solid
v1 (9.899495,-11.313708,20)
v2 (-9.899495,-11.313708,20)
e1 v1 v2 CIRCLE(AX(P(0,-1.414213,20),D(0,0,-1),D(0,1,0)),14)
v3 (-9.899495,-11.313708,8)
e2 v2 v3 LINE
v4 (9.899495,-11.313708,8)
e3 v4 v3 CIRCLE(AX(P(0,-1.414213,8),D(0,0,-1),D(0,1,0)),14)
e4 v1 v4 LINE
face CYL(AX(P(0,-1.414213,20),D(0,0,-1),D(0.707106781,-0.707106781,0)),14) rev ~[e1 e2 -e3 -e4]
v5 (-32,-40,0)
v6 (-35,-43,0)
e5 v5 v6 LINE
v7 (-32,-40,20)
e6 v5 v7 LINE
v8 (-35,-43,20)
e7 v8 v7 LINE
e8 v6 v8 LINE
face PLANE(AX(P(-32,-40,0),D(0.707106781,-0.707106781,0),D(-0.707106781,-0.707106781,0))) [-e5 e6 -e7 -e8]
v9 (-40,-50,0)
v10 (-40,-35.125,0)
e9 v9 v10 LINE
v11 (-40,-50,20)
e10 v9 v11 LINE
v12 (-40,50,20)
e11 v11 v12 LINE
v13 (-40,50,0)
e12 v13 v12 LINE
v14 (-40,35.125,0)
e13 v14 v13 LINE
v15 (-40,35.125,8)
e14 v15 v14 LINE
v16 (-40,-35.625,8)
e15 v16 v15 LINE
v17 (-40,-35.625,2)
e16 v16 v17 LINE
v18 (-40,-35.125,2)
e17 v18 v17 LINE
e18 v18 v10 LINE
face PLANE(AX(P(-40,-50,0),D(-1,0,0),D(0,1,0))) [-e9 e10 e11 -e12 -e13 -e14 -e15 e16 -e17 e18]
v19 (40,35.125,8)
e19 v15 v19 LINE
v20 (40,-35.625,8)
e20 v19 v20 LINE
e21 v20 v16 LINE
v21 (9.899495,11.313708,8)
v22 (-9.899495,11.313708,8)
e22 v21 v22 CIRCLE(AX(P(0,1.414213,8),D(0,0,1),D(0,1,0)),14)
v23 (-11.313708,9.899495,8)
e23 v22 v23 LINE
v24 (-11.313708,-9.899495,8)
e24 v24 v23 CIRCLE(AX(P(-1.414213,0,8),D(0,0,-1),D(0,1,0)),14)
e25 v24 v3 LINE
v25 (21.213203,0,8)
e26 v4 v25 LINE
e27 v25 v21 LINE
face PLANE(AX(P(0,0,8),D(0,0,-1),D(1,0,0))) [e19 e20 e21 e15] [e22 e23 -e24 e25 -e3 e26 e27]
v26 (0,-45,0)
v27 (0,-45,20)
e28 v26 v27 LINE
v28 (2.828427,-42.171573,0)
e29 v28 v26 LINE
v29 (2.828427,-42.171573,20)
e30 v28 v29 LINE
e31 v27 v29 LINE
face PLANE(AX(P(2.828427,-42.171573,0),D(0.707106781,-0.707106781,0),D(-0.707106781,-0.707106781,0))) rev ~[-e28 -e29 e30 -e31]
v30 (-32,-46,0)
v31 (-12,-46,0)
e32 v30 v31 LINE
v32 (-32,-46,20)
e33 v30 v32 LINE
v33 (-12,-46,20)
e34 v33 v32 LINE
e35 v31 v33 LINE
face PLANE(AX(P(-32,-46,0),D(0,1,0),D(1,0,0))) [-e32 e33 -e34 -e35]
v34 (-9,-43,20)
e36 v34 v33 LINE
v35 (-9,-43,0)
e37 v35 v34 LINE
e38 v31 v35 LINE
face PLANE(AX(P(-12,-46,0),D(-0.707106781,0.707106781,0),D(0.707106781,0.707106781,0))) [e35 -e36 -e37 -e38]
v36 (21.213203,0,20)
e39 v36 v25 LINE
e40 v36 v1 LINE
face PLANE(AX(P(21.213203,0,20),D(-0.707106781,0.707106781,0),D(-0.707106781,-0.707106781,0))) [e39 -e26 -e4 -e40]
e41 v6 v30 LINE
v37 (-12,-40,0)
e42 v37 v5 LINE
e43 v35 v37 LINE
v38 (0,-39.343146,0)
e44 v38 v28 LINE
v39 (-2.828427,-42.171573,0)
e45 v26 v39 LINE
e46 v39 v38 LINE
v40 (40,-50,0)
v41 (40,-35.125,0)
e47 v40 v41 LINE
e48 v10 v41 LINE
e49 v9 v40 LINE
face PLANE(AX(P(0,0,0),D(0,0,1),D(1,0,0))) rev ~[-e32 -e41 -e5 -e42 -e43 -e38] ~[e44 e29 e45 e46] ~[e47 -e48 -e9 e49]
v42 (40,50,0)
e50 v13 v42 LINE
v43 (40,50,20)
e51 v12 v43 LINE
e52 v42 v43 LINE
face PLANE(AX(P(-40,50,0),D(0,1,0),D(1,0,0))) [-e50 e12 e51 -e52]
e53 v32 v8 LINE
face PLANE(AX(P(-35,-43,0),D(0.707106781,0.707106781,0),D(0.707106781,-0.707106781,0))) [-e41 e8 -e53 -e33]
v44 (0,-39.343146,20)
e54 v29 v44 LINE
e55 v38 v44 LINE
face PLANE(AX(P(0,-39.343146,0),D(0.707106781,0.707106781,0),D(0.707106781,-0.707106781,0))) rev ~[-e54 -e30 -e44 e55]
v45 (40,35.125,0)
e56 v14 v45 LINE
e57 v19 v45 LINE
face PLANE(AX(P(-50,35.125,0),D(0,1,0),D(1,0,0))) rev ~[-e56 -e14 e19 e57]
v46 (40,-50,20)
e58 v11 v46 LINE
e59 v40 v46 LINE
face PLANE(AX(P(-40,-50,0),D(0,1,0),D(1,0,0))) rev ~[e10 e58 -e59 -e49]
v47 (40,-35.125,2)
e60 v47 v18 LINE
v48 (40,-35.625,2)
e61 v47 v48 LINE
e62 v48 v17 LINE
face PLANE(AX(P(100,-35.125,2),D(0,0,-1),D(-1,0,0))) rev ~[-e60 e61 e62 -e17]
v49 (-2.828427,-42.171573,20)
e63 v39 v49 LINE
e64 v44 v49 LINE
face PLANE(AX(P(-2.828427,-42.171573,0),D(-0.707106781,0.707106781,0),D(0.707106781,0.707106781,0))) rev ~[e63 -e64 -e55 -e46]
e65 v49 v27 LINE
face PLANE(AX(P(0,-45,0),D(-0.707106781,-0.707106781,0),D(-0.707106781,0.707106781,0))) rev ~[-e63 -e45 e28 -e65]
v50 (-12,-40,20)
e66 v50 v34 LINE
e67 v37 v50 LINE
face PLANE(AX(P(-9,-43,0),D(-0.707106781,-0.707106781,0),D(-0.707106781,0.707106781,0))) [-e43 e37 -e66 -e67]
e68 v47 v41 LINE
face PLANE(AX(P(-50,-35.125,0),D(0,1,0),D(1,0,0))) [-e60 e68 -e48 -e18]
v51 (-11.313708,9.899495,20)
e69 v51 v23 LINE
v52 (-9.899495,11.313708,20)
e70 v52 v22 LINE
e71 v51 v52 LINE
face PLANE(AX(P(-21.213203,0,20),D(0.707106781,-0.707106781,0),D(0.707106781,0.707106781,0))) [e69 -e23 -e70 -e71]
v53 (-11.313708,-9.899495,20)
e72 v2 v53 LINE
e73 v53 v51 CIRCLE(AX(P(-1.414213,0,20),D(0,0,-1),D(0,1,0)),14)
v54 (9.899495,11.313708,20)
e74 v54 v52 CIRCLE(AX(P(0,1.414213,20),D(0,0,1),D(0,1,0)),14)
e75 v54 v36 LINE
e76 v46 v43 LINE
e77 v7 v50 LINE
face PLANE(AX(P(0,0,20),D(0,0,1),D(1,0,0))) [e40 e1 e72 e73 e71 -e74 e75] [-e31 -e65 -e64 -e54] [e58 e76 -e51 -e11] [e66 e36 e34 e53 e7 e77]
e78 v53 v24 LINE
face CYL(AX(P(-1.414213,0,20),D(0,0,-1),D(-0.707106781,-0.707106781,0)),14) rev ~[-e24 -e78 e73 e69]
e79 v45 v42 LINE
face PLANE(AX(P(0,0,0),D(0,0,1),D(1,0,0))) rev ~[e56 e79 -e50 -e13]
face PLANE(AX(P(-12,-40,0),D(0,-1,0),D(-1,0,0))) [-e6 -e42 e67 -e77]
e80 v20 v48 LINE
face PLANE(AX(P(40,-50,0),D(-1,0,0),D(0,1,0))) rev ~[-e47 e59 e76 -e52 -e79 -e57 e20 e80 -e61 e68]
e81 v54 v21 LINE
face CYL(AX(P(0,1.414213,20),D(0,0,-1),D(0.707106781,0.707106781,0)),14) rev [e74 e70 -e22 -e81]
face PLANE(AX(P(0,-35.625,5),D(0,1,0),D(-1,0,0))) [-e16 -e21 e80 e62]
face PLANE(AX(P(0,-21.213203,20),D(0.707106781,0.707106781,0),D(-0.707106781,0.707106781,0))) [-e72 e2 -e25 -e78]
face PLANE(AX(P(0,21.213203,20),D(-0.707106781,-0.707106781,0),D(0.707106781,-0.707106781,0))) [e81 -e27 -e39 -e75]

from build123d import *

# Parameters (mm, degrees)
SKETCH_W        = 80
SKETCH_H        = 100
PAD_DEPTH       = 20
SKETCH001_W     = 100
SKETCH001_H     = 70.25
POCKET_DEPTH    = 8
POCKET001_DEPTH = 20.001
POCKET002_DEPTH = 20.001
FILLET_R        = 14
SKETCH004_W     = 200
SKETCH004_H     = 6
POCKET003_DEPTH = 0.5


with BuildPart() as part:
    # Sketch → Pad (new body)
    with BuildSketch(Plane.XY):
        Rectangle(SKETCH_W, SKETCH_H)
    extrude(amount=PAD_DEPTH)

    # Sketch001 → Pocket (cut)
    with BuildSketch(Plane(origin=(0, 0, 0), x_dir=(1, 0, 0), z_dir=(0, 0, -1))):
        Rectangle(SKETCH001_W, SKETCH001_H)
    extrude(amount=-POCKET_DEPTH, mode=Mode.SUBTRACT)

    # Sketch002 → Pocket001 (cut, through all)
    with BuildSketch(Plane(origin=(0, 0, 0), x_dir=(1, 0, 0), z_dir=(0, 0, -1))):
        Polygon((-32, 46), (-12, 46), (-9, 43), (-12, 40), (-32, 40), (-35, 43), align=None)
        Polygon((0, 45), (-2.828427, 42.171573), (0, 39.343146), (2.828427, 42.171573), align=None)
    extrude(amount=-POCKET001_DEPTH, mode=Mode.SUBTRACT)

    # Sketch003 → Pocket002 (cut, through all)
    with BuildSketch(Plane.XY.offset(20)):
        Polygon((-21.213203, 0), (0, 21.213203), (21.213203, 0), (0, -21.213203), align=None)
    extrude(amount=-POCKET002_DEPTH, mode=Mode.SUBTRACT)

    # Fillet
    fillet_edges = [part.edges().sort_by_distance(p)[0] for p in [
        (0, 21.213203, 14),
        (-21.213203, 0, 14),
        (0, -21.213203, 14),
    ]]
    fillet(fillet_edges, radius=FILLET_R)

    # Sketch004 → Pocket003 (cut)
    with BuildSketch(Plane(origin=(0, -35.125, 0), x_dir=(-1, 0, 0), z_dir=(0, 1, 0))):
        with Locations((0, 5)):
            Rectangle(SKETCH004_W, SKETCH004_H)
    extrude(amount=-POCKET003_DEPTH, mode=Mode.SUBTRACT)


solid = part.part
